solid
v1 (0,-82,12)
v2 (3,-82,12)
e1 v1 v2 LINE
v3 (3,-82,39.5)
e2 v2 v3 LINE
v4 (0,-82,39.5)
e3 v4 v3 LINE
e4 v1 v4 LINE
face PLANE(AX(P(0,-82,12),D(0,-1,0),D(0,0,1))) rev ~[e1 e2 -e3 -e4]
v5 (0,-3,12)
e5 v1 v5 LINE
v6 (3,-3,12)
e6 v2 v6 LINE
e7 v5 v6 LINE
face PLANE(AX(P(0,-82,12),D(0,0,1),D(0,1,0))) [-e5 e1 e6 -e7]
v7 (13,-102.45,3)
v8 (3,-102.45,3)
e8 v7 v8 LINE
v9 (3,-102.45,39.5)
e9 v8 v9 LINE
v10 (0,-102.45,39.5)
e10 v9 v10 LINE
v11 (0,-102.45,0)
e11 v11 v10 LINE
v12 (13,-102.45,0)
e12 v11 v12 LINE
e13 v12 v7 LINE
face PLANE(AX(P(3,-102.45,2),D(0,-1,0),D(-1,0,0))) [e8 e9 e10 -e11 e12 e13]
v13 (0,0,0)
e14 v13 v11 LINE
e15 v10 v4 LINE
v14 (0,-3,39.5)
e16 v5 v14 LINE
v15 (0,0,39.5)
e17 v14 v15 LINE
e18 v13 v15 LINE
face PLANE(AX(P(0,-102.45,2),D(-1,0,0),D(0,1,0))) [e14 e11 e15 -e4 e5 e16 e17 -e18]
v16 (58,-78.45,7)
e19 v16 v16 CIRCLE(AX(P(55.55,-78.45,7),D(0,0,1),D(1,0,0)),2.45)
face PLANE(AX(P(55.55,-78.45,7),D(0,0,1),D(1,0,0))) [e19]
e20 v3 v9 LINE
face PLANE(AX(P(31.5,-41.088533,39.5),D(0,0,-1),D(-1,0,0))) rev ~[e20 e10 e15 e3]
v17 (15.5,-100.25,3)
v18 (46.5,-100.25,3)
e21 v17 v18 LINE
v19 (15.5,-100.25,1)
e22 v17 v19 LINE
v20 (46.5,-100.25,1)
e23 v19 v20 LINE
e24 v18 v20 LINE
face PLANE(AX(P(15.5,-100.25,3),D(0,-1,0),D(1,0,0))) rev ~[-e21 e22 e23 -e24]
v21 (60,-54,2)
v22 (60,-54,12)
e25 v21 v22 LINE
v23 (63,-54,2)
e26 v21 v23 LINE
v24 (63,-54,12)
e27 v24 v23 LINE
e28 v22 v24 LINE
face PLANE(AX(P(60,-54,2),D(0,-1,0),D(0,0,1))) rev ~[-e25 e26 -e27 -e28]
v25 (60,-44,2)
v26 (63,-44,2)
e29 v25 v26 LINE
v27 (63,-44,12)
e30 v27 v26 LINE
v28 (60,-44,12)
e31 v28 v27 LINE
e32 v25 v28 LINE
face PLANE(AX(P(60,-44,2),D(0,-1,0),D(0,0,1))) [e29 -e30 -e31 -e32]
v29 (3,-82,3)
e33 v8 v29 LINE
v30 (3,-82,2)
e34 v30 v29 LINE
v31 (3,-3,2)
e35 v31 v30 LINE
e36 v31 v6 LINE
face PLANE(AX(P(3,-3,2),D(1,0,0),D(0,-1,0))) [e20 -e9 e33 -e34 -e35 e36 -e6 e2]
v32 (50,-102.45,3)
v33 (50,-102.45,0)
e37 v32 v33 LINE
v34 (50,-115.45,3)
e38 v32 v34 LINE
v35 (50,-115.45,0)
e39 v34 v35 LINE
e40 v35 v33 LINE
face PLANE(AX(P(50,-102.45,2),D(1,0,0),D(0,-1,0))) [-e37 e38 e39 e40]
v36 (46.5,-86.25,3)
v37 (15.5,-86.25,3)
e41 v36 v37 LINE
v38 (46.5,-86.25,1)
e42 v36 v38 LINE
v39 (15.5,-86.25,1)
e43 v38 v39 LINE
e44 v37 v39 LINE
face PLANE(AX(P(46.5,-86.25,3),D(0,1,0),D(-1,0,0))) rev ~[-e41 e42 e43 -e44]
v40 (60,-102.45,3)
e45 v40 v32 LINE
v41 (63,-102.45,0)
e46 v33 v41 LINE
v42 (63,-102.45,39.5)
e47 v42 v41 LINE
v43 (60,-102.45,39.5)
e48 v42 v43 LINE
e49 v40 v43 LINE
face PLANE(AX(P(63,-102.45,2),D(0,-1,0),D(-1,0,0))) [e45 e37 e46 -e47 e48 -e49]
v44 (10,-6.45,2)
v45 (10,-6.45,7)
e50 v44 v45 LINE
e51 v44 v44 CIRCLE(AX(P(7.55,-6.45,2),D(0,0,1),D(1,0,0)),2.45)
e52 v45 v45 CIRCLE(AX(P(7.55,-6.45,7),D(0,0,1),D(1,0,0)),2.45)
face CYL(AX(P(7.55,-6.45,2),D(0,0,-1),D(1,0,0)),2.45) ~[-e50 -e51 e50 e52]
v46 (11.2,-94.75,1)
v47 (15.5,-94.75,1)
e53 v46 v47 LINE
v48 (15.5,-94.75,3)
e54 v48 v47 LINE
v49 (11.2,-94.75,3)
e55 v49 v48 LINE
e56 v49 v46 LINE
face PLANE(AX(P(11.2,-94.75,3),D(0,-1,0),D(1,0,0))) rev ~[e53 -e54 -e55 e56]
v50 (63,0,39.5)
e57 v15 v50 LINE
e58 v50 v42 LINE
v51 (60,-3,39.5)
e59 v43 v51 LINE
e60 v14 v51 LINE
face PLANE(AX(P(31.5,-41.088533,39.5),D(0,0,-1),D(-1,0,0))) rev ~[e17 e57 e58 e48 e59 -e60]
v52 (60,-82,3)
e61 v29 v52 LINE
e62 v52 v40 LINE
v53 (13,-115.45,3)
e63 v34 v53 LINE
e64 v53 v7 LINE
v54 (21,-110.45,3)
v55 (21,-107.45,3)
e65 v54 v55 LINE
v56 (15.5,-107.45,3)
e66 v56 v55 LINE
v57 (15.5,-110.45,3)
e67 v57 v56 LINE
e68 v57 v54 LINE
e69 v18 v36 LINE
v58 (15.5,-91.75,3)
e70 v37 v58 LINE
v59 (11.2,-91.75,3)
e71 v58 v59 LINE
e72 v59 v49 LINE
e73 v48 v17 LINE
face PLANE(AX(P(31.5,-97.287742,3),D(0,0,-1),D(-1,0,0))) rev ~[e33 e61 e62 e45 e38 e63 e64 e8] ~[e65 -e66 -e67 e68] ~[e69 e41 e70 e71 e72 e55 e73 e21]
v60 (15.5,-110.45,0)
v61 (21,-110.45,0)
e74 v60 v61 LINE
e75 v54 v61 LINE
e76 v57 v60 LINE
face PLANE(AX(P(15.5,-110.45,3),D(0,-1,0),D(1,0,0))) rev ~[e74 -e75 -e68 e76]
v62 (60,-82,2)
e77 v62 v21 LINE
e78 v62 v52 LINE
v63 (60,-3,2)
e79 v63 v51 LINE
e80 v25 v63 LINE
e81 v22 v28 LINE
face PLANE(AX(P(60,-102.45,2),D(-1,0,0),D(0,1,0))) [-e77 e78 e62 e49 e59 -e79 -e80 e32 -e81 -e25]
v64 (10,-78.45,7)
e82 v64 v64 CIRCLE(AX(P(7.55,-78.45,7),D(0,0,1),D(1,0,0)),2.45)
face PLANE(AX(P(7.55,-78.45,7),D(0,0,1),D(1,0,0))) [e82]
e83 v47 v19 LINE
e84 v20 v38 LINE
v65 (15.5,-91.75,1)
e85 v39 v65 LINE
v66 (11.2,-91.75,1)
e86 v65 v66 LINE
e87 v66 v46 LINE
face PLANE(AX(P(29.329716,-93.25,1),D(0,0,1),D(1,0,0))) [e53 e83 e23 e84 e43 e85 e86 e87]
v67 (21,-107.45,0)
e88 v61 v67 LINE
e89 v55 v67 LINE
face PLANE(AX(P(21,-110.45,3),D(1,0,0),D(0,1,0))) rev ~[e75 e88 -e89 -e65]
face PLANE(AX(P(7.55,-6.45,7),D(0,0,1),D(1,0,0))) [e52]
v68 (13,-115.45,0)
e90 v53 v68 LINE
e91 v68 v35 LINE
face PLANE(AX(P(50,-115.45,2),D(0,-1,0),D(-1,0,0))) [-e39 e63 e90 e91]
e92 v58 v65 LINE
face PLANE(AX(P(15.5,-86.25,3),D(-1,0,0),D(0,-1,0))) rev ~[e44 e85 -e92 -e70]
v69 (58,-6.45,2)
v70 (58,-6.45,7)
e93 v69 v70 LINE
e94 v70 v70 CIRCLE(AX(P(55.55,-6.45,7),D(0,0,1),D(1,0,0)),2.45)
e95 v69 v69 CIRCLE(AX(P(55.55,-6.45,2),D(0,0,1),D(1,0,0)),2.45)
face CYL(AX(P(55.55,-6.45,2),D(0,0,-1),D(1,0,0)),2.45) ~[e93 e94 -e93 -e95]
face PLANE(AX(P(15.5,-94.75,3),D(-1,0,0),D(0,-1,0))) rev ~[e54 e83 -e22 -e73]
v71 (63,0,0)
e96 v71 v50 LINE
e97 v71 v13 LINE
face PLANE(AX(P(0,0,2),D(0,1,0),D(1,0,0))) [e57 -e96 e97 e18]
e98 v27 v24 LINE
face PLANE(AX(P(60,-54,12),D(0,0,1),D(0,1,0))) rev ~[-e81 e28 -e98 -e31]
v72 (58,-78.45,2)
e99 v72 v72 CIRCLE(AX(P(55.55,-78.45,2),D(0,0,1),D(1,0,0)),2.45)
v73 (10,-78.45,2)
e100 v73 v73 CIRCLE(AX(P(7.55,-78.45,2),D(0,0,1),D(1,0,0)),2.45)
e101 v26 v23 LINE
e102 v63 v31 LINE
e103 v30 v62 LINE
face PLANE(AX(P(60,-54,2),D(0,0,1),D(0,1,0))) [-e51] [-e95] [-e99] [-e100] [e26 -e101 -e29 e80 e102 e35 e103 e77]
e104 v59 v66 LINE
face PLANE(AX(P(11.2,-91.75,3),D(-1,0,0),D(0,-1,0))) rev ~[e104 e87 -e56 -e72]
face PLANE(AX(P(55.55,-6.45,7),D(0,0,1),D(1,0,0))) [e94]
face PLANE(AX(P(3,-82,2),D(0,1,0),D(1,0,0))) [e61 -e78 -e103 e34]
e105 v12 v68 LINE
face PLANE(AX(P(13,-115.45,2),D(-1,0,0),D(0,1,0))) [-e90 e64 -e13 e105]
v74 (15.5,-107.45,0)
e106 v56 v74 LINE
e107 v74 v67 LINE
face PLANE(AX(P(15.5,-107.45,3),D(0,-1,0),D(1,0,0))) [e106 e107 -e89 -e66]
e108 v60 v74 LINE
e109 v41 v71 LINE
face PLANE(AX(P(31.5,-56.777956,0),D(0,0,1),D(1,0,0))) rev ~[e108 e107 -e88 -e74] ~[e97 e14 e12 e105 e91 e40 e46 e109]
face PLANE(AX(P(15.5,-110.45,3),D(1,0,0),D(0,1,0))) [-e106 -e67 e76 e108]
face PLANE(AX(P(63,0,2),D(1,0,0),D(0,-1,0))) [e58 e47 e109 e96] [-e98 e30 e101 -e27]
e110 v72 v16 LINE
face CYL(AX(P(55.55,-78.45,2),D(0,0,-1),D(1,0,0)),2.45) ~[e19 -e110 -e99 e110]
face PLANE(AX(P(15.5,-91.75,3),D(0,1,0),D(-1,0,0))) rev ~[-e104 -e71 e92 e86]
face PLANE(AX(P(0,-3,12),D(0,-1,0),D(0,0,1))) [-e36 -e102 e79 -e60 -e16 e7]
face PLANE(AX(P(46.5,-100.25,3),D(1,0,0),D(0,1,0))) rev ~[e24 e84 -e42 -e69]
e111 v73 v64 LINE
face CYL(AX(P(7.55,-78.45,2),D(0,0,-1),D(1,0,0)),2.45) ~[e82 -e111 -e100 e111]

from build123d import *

# Parameters (mm, degrees)
P_IDAT_VYSUNUT_M1_DEPTH  = 2
SKICA3_R                 = 2.45
P_IDAT_VYSUNUT_M3_DEPTH  = 5
P_IDAT_VYSUNUT_M4_DEPTH  = 37.5
SKICA8_W                 = 10
SKICA8_H                 = 10
ODEBRAT_VYSUNUT_M2_DEPTH = 136.974087605
SKICA10_W                = 27.5
SKICA10_H                = 79
ODEBRAT_VYSUNUT_M3_DEPTH = 3
P_IDAT_VYSUNUT_M5_DEPTH  = 1
ODEBRAT_VYSUNUT_M4_DEPTH = 2
SKICA12_3_W              = 5.5
SKICA12_3_H              = 3
ODEBRAT_VYSUNUT_M5_DEPTH = 137.49158399


with BuildPart() as part:
    # Skica1 → Přidat vysunutím1 (new body)
    with BuildSketch(Plane.XY):
        Polygon((13, -102.45), (13, -115.45), (50, -115.45), (50, -102.45), (63, -102.45), (63, 0), (0, 0), (0, -102.45), align=None)
    extrude(amount=P_IDAT_VYSUNUT_M1_DEPTH)

    # Skica3 → Přidat vysunutím3 (add)
    with BuildSketch(Plane.XY.offset(2)):
        with Locations((7.55, -6.45)):
            Circle(SKICA3_R)
        with Locations((7.55, -78.45)):
            Circle(SKICA3_R)
        with Locations((55.55, -78.45)):
            Circle(SKICA3_R)
        with Locations((55.55, -6.45)):
            Circle(SKICA3_R)
    extrude(amount=P_IDAT_VYSUNUT_M3_DEPTH)

    # Skica4 → Přidat vysunutím4 (add)
    with BuildSketch(Plane.XY.offset(2)):
        Polygon((63, 0), (63, -102.45), (60, -102.45), (60, -3), (3, -3), (3, -102.45), (0, -102.45), (0, 0), align=None)
    extrude(amount=P_IDAT_VYSUNUT_M4_DEPTH)

    # Skica8 → Odebrat vysunutím2 (cut, through all)
    with BuildSketch(Plane.ZY.offset(-60)):
        with Locations((7, -49)):
            Rectangle(SKICA8_W, SKICA8_H)
    extrude(amount=-ODEBRAT_VYSUNUT_M2_DEPTH, mode=Mode.SUBTRACT)

    # Skica10 → Odebrat vysunutím3 (cut)
    with BuildSketch(Plane.ZY):
        with Locations((25.75, -42.5)):
            Rectangle(SKICA10_W, SKICA10_H)
    extrude(amount=-ODEBRAT_VYSUNUT_M3_DEPTH, mode=Mode.SUBTRACT)

    # Skica11 → Přidat vysunutím5 (add)
    with BuildSketch(Plane.XY.offset(2)):
        Polygon((3, -82), (60, -82), (60, -102.45), (50, -102.45), (50, -115.45), (13, -115.45), (13, -102.45), (3, -102.45), align=None)
    extrude(amount=P_IDAT_VYSUNUT_M5_DEPTH)

    # Skica12 → Odebrat vysunutím4 (cut)
    with BuildSketch(Plane.XY.offset(3)):
        Polygon((15.5, -86.25), (15.5, -91.75), (11.2, -91.75), (11.2, -94.75), (15.5, -94.75), (15.5, -100.25), (46.5, -100.25), (46.5, -86.25), align=None)
    extrude(amount=-ODEBRAT_VYSUNUT_M4_DEPTH, mode=Mode.SUBTRACT)

    # Skica12<3> → Odebrat vysunutím5 (cut, through all)
    with BuildSketch(Plane.XY.offset(3)):
        with Locations((18.25, -108.95)):
            Rectangle(SKICA12_3_W, SKICA12_3_H)
    extrude(amount=-ODEBRAT_VYSUNUT_M5_DEPTH, mode=Mode.SUBTRACT)


solid = part.part
